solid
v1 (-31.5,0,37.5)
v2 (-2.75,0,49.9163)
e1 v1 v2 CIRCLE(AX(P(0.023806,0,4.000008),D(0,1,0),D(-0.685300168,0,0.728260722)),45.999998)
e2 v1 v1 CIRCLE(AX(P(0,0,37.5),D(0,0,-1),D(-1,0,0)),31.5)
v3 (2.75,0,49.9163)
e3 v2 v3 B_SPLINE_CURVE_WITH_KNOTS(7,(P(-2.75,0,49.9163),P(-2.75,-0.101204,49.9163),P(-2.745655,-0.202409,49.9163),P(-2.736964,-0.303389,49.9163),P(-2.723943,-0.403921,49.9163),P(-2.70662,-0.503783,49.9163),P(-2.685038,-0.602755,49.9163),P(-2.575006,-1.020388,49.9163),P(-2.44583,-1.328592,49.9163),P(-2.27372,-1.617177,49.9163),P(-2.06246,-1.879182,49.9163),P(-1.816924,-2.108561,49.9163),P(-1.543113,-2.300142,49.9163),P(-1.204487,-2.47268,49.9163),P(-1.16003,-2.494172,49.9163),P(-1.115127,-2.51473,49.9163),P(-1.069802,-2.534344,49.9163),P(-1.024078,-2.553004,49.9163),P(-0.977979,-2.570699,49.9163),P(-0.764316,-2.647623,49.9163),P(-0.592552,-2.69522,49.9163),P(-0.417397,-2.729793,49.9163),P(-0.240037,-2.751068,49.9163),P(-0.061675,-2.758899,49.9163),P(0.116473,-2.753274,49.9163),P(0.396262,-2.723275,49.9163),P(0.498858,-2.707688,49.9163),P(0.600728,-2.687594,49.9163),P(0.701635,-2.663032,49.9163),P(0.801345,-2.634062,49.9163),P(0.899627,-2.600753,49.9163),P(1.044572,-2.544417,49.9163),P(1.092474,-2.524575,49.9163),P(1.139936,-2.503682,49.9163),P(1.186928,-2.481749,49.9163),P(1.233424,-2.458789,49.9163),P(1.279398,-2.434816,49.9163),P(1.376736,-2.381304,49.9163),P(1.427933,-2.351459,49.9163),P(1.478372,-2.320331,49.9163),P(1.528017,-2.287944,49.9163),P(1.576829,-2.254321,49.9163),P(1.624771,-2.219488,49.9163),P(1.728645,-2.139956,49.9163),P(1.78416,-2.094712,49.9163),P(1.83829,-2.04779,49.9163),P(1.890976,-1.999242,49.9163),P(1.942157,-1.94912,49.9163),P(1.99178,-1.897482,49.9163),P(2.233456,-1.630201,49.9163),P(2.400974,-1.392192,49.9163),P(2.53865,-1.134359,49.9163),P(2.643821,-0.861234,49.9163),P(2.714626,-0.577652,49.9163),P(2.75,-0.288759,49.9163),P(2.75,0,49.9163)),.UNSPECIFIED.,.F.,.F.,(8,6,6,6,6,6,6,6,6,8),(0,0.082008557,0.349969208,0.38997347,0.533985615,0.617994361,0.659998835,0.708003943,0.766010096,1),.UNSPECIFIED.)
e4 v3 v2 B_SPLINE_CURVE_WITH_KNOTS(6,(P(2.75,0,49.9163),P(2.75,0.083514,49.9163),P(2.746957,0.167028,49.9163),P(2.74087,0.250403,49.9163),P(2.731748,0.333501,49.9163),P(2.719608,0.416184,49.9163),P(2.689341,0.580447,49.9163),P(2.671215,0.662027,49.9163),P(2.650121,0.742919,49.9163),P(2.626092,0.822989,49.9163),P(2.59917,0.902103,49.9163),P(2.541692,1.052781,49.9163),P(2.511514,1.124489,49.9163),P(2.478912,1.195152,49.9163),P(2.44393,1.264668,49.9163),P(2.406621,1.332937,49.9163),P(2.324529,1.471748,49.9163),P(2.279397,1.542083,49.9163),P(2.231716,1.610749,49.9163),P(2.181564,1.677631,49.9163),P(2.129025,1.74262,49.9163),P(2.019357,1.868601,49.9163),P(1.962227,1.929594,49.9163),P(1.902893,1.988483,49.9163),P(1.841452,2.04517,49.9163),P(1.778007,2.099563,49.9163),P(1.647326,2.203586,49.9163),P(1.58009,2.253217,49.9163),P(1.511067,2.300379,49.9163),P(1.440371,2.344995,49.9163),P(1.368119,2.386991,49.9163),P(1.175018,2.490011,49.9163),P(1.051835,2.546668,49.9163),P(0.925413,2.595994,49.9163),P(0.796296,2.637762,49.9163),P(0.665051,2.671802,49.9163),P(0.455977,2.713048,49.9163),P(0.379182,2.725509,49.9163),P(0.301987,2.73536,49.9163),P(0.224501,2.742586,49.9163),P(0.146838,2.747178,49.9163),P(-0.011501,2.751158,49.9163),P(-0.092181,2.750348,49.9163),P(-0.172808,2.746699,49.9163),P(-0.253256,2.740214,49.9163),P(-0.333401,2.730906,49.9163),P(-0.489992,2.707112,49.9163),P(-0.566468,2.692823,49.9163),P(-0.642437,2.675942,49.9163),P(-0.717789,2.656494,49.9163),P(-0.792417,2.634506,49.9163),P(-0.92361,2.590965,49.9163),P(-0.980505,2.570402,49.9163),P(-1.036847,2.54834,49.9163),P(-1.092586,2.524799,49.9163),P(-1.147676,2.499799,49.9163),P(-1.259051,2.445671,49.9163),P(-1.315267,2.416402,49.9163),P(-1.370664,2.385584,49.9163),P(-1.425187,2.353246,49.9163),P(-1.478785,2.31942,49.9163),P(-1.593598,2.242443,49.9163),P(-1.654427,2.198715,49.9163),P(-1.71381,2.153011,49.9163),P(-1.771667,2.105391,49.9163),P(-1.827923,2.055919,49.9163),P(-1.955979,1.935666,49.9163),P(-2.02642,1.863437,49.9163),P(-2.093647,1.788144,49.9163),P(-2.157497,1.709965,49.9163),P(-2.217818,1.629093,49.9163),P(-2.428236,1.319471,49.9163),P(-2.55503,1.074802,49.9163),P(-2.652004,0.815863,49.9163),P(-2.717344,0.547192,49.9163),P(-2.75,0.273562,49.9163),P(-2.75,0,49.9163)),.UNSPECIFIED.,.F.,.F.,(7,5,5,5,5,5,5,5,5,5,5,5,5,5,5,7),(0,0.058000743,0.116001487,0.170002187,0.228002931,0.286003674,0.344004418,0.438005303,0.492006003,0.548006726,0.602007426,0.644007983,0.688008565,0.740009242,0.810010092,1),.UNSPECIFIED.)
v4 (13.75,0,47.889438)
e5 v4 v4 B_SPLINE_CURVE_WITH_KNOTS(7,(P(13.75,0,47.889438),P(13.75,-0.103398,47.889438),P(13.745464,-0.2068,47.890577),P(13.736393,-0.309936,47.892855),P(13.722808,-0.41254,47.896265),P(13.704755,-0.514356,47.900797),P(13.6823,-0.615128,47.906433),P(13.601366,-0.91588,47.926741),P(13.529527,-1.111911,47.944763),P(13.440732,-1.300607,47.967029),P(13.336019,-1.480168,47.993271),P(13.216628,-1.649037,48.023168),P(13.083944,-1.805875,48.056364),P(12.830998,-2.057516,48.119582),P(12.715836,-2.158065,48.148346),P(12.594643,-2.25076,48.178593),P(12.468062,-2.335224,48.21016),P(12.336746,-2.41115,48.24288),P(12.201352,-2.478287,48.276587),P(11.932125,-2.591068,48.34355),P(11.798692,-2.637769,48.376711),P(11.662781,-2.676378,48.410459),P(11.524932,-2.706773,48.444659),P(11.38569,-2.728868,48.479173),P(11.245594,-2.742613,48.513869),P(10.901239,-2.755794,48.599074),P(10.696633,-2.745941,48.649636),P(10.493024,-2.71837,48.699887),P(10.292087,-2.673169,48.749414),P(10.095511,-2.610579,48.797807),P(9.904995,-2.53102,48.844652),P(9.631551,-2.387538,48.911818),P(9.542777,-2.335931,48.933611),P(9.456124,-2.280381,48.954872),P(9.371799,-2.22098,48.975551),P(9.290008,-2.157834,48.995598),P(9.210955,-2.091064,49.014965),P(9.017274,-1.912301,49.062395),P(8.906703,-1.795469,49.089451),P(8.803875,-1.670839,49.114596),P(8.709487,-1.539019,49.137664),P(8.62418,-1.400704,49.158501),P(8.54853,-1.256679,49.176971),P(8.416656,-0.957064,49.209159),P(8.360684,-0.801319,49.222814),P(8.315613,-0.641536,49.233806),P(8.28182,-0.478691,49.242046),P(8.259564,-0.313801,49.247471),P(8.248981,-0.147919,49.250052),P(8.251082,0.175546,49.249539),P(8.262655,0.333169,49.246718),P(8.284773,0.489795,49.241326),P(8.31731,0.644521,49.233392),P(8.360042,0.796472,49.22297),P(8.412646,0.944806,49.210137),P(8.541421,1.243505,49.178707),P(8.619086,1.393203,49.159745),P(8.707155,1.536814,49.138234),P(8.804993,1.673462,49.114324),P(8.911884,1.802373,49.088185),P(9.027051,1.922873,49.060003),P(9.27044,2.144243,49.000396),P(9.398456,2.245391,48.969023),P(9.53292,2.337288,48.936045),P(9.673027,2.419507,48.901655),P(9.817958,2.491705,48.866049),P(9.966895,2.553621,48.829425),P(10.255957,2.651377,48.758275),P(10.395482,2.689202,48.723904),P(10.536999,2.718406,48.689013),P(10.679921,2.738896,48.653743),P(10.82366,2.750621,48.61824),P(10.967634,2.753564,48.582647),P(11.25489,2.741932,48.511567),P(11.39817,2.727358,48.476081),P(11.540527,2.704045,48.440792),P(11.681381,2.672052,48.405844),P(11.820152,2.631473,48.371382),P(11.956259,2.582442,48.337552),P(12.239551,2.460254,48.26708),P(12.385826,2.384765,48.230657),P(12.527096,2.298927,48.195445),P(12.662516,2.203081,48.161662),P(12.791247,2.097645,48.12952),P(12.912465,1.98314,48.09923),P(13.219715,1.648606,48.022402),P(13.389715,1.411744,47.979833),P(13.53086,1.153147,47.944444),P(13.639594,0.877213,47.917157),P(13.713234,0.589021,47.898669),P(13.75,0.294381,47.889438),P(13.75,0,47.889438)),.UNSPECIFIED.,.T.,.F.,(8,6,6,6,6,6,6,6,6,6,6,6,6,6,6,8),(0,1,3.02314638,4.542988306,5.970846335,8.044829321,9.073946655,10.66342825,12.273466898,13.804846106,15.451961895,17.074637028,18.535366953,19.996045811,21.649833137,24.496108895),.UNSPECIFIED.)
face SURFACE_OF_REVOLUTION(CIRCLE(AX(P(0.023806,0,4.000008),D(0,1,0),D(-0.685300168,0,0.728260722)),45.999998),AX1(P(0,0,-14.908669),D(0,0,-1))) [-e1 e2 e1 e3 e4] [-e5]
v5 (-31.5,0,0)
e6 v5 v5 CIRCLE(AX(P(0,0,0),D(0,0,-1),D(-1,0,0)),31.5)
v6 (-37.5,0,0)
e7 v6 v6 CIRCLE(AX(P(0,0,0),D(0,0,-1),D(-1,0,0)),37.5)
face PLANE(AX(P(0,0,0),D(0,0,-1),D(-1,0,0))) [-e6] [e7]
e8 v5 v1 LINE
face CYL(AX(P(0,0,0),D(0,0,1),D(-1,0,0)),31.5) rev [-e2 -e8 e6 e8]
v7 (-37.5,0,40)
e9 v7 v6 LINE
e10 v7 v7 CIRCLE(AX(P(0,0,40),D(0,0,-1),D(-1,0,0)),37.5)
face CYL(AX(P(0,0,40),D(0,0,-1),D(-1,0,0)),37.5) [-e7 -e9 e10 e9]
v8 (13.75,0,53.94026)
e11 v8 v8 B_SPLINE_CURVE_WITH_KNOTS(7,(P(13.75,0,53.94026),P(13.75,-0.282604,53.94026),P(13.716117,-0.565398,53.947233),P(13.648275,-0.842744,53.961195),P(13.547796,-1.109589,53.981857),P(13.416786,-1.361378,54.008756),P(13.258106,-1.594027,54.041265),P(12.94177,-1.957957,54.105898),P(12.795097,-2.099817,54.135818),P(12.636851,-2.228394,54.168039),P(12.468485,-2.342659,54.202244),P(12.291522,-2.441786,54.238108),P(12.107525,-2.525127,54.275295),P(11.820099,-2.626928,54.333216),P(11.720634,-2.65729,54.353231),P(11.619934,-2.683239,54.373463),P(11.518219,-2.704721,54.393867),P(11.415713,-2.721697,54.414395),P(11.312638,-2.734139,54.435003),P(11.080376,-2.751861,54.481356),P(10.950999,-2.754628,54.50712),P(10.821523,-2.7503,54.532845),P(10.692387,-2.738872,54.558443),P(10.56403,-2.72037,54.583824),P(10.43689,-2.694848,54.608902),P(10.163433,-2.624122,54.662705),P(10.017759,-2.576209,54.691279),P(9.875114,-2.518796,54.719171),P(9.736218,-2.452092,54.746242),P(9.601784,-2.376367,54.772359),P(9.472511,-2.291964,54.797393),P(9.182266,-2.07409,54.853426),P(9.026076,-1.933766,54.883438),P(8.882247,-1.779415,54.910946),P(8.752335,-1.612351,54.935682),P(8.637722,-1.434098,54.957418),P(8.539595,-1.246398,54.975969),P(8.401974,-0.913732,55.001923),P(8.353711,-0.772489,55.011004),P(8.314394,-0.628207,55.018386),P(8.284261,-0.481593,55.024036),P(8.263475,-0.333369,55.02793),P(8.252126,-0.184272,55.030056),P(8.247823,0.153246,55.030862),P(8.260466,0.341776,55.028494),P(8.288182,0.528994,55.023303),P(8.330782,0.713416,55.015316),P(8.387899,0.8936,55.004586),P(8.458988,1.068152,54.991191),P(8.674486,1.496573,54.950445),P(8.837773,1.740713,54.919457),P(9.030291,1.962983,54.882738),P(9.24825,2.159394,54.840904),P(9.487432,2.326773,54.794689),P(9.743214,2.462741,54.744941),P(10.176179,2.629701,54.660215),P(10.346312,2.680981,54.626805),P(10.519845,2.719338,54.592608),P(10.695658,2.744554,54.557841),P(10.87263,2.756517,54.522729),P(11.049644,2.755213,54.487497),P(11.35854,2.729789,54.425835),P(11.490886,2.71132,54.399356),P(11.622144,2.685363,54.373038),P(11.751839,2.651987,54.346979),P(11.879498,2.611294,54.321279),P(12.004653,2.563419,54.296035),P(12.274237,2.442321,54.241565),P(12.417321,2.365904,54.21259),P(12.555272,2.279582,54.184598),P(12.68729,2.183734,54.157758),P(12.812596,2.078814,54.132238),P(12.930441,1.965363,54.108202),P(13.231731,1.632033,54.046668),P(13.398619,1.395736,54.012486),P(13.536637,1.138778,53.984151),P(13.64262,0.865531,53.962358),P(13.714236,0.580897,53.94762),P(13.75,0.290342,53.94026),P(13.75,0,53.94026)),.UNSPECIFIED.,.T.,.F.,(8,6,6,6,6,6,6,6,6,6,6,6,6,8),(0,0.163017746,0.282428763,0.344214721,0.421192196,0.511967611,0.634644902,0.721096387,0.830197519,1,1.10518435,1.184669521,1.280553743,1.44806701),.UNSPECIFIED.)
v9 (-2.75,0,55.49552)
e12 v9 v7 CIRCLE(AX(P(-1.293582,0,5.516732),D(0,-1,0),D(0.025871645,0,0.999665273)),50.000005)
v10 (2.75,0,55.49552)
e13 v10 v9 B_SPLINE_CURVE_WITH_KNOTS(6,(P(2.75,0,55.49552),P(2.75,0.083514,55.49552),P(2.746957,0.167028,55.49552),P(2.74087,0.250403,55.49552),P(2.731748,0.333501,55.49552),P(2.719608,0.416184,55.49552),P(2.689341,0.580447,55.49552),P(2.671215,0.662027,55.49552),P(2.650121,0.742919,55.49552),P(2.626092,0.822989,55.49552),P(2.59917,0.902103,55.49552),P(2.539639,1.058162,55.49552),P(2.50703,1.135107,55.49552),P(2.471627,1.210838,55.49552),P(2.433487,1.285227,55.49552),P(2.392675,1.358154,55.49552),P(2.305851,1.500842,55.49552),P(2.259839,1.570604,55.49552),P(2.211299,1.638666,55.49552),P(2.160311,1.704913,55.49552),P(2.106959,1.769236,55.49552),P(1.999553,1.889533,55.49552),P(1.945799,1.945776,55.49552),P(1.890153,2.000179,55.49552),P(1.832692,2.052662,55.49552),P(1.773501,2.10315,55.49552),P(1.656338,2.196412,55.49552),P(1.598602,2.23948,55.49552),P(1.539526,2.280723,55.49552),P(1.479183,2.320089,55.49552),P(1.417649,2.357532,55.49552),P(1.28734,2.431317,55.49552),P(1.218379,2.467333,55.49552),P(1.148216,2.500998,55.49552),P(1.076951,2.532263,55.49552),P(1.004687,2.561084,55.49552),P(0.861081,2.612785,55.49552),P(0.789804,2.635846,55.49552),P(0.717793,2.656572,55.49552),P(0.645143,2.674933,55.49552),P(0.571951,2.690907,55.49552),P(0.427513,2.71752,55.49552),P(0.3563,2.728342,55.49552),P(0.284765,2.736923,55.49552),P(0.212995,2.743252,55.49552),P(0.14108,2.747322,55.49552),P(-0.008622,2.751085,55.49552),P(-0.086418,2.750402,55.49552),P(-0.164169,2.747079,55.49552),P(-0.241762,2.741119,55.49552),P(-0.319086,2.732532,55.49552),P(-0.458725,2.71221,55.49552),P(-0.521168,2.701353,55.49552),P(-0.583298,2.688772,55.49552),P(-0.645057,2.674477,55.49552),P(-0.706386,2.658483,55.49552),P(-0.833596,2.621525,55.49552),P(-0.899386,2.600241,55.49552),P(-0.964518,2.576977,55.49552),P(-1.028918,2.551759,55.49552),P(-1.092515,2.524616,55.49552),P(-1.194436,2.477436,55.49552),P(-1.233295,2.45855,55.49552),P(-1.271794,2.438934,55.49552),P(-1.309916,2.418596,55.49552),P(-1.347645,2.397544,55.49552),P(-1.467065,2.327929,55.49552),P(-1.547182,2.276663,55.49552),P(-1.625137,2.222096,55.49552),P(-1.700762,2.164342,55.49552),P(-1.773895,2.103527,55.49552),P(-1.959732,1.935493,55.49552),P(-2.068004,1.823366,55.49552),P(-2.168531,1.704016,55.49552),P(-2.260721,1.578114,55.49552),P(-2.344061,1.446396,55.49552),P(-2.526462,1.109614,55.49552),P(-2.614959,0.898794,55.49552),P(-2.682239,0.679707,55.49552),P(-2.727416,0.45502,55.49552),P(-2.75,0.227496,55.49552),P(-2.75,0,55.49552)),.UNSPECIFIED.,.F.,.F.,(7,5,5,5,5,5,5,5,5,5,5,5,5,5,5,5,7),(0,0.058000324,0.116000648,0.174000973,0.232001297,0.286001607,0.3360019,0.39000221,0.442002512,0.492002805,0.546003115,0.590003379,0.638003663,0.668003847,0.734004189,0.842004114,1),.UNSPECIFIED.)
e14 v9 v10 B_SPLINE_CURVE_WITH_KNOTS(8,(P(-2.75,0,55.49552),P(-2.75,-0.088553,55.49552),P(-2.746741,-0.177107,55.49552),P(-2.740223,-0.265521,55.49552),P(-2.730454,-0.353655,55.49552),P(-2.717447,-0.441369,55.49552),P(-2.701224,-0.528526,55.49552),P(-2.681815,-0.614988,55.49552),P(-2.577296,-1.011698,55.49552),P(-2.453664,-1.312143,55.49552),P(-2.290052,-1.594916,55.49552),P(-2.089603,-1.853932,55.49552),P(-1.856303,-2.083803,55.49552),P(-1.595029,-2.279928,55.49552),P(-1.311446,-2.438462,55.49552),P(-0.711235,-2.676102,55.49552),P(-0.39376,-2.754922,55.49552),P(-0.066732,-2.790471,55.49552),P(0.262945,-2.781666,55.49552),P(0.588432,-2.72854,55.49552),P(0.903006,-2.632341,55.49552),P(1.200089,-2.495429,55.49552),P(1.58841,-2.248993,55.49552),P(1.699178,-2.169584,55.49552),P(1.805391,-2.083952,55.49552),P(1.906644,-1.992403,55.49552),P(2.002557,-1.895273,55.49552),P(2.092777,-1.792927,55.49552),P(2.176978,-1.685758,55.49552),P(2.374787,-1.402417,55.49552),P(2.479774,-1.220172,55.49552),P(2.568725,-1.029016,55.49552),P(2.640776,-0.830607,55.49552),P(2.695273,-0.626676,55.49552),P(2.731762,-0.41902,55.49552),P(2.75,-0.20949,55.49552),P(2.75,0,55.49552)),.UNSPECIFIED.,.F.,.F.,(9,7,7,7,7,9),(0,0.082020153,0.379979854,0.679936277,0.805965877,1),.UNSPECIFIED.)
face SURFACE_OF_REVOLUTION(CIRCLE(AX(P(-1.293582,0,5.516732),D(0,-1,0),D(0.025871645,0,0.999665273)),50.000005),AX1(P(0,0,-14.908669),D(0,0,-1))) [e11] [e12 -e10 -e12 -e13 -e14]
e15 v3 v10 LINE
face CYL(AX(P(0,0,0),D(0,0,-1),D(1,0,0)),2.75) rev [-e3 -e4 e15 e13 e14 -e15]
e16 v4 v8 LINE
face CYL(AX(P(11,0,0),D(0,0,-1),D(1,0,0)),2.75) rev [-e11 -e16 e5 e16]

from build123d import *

# Parameters (mm, degrees)
F2_R     = 2.75
F3_DEPTH = 60
F4_R     = 2.75
F5_DEPTH = 60


with BuildPart() as f1:
    # F0 (on Front) → F1 (revolve)
    with BuildSketch(Plane.XZ):
        with BuildLine():
            Line((-37.5, 40), (-37.5, 0))
            Line((-37.5, 0), (-31.5, 0))
            Line((-31.5, 0), (-31.5, 37.5))
            ThreePointArc((-31.5, 37.5), (-16.943087, 46.756579), (0, 50))
            Line((0, 50), (0, 55.5))
            ThreePointArc((0, 55.5), (-20.393033, 51.72508), (-37.5, 40))
        make_face()
    revolve(axis=Axis((0, 0, -14.908669), (0, 0, -1)))

    # F2 (on Top) → F3 (cut)
    with BuildSketch(Plane.XY):
        Circle(F2_R)
    extrude(amount=F3_DEPTH, mode=Mode.SUBTRACT)

    # F4 (on Top) → F5 (cut)
    with BuildSketch(Plane.XY):
        with Locations((11, 0)):
            Circle(F4_R)
    extrude(amount=F5_DEPTH, mode=Mode.SUBTRACT)


solid = f1.part
